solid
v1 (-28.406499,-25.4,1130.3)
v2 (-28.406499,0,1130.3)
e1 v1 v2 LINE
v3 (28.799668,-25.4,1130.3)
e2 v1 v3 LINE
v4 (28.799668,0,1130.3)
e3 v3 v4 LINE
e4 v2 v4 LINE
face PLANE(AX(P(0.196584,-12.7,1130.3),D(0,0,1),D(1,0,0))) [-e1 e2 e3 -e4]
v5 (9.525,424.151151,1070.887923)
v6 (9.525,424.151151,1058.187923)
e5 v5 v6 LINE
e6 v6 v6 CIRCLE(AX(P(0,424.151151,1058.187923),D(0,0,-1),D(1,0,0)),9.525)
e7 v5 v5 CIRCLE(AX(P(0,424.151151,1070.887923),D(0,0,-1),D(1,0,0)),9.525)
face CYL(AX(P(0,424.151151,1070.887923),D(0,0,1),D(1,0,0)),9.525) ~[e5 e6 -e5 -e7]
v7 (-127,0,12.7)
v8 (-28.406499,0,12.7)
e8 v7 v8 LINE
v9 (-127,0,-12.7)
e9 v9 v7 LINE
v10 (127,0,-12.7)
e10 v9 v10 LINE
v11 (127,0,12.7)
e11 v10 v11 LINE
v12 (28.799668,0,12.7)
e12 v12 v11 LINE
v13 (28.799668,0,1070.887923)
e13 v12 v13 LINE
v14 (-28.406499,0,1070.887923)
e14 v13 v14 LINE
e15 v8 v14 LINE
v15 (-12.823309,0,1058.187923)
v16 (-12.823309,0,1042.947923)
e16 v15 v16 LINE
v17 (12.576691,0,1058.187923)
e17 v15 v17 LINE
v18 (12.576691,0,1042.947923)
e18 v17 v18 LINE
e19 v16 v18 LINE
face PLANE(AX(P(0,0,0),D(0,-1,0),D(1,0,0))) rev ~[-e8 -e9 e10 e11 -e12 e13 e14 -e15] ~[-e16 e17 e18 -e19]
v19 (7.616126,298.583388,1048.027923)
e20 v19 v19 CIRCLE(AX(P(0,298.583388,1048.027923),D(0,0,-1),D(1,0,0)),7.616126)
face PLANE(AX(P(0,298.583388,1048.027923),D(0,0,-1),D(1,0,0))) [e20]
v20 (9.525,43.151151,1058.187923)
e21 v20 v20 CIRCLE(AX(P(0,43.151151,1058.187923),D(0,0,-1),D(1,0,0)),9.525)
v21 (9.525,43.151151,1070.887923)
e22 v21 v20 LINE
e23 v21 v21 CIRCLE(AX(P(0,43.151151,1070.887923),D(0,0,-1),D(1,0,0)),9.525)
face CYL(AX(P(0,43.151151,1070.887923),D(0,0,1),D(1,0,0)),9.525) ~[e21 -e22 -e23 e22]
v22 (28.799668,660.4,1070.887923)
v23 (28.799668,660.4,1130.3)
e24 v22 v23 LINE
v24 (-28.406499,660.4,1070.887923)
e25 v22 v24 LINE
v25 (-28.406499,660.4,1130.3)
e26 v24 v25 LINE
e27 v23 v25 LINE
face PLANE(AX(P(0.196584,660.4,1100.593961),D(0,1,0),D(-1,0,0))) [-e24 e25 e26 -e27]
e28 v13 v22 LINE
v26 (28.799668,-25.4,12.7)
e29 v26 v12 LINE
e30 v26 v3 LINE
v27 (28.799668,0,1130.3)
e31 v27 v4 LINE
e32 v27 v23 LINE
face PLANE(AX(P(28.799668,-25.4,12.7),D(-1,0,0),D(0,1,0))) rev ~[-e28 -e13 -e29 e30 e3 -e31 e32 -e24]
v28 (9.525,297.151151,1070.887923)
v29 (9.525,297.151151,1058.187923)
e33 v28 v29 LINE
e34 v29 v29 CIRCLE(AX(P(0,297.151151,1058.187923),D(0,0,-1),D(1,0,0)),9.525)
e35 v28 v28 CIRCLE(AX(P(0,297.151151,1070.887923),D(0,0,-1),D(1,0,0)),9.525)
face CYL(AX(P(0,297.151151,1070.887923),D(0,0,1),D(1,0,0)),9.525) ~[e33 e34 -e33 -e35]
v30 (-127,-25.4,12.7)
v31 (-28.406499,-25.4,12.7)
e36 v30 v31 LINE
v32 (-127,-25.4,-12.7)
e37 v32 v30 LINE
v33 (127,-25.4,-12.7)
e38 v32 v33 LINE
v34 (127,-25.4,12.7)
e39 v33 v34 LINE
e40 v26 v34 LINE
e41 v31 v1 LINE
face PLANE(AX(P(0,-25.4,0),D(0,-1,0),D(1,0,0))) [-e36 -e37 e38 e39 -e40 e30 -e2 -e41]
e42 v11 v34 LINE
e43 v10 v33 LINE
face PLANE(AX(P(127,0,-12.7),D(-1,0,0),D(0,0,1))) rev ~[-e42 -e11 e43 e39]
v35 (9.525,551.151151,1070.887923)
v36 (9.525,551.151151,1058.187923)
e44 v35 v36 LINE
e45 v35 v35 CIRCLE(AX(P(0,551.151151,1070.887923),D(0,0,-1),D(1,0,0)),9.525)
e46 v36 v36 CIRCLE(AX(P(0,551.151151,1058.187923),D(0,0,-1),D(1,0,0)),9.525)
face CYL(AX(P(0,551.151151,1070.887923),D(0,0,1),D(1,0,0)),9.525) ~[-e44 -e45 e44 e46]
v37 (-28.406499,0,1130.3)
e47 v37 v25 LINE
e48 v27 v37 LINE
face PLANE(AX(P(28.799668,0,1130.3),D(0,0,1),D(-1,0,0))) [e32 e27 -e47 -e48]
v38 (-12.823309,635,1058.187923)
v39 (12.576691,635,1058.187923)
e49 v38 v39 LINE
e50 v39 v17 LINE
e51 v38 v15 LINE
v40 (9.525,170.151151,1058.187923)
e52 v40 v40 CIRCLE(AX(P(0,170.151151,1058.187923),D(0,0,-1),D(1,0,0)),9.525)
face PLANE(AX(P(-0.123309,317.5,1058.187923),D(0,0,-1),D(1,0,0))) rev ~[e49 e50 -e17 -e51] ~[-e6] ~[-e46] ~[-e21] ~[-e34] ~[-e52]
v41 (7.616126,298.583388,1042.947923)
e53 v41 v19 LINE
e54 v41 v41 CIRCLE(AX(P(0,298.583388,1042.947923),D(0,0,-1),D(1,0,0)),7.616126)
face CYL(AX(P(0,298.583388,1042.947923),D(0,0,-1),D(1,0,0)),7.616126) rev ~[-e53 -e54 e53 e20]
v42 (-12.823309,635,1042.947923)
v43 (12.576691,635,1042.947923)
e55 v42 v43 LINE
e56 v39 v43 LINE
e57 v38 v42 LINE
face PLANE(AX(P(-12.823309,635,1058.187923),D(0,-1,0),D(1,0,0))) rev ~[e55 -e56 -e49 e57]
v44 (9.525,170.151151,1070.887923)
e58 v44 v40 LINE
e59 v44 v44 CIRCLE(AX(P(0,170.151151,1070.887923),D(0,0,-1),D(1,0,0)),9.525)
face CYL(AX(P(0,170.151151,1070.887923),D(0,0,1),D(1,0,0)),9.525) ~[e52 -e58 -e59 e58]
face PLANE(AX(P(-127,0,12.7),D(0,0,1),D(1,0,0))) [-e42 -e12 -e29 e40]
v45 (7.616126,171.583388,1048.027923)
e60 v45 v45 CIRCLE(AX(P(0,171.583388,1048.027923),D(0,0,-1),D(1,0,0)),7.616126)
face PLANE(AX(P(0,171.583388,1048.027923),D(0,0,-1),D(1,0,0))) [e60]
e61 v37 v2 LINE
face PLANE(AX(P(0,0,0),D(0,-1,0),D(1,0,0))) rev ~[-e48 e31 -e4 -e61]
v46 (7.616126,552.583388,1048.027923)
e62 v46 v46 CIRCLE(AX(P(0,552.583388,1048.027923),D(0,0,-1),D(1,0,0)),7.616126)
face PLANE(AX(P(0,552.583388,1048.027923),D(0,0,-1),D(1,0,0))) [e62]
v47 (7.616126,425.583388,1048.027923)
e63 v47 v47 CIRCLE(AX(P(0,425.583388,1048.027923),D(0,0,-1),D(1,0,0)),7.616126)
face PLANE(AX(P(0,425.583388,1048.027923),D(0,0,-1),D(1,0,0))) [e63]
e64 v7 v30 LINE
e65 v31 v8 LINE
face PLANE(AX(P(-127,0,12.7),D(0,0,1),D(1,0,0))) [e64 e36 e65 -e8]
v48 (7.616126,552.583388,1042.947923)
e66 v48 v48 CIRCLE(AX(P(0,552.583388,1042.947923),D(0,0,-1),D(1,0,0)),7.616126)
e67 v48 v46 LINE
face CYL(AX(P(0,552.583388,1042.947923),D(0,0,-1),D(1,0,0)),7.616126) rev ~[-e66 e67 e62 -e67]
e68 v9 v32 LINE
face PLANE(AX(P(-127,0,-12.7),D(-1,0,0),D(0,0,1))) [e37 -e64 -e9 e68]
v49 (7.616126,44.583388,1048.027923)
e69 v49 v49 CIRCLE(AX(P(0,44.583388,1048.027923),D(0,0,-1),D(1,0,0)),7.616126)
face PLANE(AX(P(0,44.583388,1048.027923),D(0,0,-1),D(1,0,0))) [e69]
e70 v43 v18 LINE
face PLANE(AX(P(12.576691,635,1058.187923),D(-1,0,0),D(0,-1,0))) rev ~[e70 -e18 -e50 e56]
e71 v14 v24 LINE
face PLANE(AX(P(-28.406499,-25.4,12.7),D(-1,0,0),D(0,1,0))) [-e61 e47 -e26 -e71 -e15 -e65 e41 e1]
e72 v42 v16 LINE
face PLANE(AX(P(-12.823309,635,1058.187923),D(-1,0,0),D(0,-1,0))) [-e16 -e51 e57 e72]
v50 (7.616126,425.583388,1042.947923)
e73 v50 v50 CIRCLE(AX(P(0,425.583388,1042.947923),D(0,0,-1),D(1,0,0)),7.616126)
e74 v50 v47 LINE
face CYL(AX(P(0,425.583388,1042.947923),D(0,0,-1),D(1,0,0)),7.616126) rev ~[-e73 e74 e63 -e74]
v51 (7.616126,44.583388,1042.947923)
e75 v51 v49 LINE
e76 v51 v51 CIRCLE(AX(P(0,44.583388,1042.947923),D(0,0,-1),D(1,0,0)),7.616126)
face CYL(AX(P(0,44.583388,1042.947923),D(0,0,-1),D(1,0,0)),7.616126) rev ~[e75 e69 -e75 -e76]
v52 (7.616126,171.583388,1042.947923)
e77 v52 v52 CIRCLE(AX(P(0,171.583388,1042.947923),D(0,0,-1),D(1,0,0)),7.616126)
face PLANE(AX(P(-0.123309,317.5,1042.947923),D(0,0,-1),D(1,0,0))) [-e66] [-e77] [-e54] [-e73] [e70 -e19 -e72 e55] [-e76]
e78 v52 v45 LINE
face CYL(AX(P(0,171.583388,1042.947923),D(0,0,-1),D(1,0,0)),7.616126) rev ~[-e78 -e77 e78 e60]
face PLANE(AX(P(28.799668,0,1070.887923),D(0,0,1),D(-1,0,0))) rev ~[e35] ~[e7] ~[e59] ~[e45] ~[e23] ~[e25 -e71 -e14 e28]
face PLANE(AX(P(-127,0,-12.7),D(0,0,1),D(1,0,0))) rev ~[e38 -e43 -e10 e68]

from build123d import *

# Parameters (mm, degrees)
F0_W      = 254
F0_H      = 25.4
F1_DEPTH  = 25.4
F2_W      = 57.206167
F2_H      = 25.4
F3_DEPTH  = 1117.6
F4_W      = 57.206167
F4_H      = 59.412077
F5_DEPTH  = 660.4
F6_R      = 9.525
F7_DEPTH  = 12.7
F8_W      = 25.4
F8_H      = 635
F9_DEPTH  = 15.24
F10_R     = 7.616126
F11_DEPTH = 5.08


with BuildPart() as f1:
    # F0 (on Front) → F1 (new body)
    with BuildSketch(Plane.XZ):
        Rectangle(F0_W, F0_H)
    extrude(amount=F1_DEPTH)

    # F2 (on face) → F3 (join)
    with BuildSketch(Plane.XY.offset(12.7)):
        with Locations((0.196584, -12.7)):
            Rectangle(F2_W, F2_H)
    extrude(amount=F3_DEPTH)

    # F4 (on face) → F5 (join)
    with BuildSketch(Plane(origin=(0, 0, 0), x_dir=(-1, 0, 0), z_dir=(0, 1, 0))):
        with Locations((-0.196584, 1100.593961)):
            Rectangle(F4_W, F4_H)
    extrude(amount=F5_DEPTH)

    # F6 (on face) → F7 (join)
    with BuildSketch(Plane(origin=(0, 0, 1070.887923), x_dir=(1, 0, 0), z_dir=(0, 0, -1))):
        with Locations((0, -43.151151)):
            Circle(F6_R)
        with Locations((0, -170.151151)):
            Circle(F6_R)
        with Locations((0, -297.151151)):
            Circle(F6_R)
        with Locations((0, -424.151151)):
            Circle(F6_R)
        with Locations((0, -551.151151)):
            Circle(F6_R)
    extrude(amount=F7_DEPTH)

    # F8 (on face) → F9 (join)
    with BuildSketch(Plane(origin=(0, 0, 1058.187923), x_dir=(1, 0, 0), z_dir=(0, 0, -1))):
        with Locations((-0.123309, -317.5)):
            Rectangle(F8_W, F8_H)
    extrude(amount=F9_DEPTH)

    # F10 (on face) → F11 (cut)
    with BuildSketch(Plane(origin=(0, 0, 1042.947923), x_dir=(1, 0, 0), z_dir=(0, 0, -1))):
        with Locations((0, -44.583388)):
            Circle(F10_R)
        with Locations((0, -171.583388)):
            Circle(F10_R)
        with Locations((0, -298.583388)):
            Circle(F10_R)
        with Locations((0, -425.583388)):
            Circle(F10_R)
        with Locations((0, -552.583388)):
            Circle(F10_R)
    extrude(amount=-F11_DEPTH, mode=Mode.SUBTRACT)


solid = f1.part
